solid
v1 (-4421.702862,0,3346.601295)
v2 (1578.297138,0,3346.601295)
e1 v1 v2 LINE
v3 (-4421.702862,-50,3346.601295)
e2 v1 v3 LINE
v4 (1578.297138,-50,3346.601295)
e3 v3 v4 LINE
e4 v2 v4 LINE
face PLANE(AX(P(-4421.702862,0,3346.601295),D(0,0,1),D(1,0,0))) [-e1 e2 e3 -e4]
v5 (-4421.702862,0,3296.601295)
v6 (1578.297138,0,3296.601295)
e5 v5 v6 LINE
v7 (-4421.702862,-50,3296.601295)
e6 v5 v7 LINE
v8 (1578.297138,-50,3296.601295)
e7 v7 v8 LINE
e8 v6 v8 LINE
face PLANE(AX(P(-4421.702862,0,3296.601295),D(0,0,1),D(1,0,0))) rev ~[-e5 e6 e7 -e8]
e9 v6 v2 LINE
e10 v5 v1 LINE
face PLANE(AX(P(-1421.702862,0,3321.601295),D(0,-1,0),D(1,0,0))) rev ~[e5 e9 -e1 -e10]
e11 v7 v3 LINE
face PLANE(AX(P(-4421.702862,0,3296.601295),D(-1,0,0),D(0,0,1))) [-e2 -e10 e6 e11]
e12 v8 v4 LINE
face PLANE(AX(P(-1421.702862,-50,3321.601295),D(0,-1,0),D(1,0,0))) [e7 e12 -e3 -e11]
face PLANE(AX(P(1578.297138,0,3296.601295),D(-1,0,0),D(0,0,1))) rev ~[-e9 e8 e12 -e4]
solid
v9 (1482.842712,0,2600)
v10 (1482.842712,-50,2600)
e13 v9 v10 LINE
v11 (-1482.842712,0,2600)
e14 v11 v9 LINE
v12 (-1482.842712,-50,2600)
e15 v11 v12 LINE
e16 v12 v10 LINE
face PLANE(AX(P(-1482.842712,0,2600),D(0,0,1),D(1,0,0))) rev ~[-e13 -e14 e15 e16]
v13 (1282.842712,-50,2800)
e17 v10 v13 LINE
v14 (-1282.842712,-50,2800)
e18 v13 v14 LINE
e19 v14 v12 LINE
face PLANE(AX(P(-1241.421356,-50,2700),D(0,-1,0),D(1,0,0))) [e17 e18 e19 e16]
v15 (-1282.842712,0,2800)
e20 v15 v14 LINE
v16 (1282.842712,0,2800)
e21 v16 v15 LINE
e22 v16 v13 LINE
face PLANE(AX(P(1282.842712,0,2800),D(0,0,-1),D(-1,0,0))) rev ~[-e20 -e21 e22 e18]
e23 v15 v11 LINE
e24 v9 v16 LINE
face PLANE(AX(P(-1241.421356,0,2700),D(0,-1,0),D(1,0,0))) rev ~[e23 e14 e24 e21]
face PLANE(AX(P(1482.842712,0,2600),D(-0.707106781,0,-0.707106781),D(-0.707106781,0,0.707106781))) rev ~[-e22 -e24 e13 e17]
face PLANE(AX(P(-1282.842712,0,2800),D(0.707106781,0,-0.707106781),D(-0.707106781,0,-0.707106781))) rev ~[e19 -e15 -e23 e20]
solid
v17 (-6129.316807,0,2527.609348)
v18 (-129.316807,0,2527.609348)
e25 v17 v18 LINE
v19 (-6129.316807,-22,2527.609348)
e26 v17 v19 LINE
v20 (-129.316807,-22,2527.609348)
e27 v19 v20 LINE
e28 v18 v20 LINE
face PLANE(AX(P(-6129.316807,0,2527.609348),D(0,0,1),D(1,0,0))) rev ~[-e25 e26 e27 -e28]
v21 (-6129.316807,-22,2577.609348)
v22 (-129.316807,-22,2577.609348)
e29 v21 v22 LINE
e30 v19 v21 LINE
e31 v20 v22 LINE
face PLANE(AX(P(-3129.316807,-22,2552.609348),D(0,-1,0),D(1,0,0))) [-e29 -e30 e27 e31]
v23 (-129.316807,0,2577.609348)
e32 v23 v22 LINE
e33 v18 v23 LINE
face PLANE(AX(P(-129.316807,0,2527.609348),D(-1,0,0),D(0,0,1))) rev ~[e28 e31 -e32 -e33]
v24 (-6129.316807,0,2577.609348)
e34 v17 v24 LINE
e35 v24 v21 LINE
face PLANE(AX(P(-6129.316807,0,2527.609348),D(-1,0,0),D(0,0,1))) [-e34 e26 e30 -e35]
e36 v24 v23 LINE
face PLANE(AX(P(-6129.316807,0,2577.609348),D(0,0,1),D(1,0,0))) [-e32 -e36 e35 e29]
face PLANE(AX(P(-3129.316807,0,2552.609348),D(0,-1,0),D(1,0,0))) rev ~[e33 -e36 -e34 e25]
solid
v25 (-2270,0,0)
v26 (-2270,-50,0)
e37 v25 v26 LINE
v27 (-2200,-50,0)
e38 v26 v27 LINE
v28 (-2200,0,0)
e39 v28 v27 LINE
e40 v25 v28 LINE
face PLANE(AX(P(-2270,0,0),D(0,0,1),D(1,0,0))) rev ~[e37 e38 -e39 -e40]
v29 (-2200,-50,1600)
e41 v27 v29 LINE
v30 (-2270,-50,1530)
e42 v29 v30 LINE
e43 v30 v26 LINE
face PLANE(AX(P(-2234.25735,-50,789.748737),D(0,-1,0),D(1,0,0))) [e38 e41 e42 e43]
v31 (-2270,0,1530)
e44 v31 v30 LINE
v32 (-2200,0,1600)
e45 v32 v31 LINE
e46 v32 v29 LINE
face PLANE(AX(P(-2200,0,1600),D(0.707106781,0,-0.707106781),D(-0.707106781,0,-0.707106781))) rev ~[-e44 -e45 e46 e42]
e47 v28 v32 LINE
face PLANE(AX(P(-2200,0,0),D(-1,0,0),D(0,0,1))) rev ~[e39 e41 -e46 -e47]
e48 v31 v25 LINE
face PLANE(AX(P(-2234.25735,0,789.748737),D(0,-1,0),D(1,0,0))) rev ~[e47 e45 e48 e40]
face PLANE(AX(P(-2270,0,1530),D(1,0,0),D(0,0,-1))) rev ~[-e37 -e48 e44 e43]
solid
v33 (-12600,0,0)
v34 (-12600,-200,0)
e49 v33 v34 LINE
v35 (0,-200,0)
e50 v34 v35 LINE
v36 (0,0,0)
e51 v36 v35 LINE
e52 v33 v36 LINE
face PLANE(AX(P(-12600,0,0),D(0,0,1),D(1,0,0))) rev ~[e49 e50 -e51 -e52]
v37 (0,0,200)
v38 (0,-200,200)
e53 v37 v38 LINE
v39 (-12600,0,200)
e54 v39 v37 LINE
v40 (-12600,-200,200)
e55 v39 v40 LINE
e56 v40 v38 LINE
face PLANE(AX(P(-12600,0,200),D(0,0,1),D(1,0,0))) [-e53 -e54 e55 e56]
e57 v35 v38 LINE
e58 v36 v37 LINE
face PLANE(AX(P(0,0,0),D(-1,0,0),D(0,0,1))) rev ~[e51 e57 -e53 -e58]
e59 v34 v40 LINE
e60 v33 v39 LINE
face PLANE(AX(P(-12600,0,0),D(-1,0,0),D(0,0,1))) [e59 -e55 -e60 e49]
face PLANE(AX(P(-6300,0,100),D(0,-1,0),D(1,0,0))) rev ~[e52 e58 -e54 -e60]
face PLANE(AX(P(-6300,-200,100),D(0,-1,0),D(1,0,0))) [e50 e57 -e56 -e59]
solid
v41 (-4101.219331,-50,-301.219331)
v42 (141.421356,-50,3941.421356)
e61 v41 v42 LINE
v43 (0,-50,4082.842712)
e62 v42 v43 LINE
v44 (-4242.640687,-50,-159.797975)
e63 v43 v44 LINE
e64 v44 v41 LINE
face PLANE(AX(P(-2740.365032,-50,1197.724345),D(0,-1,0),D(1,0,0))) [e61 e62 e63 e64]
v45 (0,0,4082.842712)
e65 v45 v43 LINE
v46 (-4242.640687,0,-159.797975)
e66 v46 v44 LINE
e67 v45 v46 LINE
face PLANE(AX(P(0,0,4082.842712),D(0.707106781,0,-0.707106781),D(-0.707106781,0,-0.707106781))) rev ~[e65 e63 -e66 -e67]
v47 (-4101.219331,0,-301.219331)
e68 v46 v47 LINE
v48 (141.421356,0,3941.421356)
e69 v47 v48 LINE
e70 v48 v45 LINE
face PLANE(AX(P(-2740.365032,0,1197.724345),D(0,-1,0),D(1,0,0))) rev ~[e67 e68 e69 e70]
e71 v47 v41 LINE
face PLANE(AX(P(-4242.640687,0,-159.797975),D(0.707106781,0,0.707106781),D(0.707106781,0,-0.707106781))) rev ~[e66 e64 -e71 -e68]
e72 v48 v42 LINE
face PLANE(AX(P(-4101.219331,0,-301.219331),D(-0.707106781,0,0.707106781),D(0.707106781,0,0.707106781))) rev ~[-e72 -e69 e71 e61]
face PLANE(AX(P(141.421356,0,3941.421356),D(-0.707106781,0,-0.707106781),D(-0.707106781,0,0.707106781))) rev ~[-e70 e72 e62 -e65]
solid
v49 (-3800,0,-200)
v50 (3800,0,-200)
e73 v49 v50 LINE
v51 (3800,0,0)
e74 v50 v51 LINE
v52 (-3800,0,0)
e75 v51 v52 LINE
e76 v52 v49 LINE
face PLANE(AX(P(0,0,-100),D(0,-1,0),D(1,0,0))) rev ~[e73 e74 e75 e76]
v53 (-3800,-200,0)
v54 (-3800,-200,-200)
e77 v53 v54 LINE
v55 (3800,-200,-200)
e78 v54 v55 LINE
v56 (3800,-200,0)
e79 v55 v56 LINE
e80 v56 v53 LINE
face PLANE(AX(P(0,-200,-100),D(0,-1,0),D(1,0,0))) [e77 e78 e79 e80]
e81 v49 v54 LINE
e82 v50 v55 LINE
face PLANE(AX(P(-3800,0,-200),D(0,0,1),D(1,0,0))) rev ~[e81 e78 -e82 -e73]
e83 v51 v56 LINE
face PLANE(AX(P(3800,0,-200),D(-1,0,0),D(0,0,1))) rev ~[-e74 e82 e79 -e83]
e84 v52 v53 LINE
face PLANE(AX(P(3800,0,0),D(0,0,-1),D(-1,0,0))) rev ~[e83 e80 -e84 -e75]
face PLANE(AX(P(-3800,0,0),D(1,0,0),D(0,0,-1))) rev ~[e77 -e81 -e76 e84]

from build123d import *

# Parameters (mm, degrees)
F1_DEPTH  = 200
F2_DEPTH  = 50
F3_DEPTH  = 50
F4_DEPTH  = 50
F5_W      = 12600
F5_H      = 200
F6_DEPTH  = 200
F7_W      = 6000
F7_H      = 50
F8_DEPTH  = 22
F9_W      = 6000
F9_H      = 50
F10_DEPTH = 50


with BuildPart() as f1:
    # F0 (on Front) → F1 (new body)
    with BuildSketch(Plane.XZ):
        Polygon((-2270, 0), (-3800, 0), (-3800, -200), (3800, -200), (3800, 0), (2270, 0), (2200, 0), (-2200, 0), align=None)
    extrude(amount=F1_DEPTH)


with BuildPart() as f2:
    # F0 (on Front) → F2 (new body)
    with BuildSketch(Plane.XZ):
        Polygon((-2270, 1530), (-2270, 0), (-2200, 0), (-2200, 1600), align=None)
    extrude(amount=F2_DEPTH)


with BuildPart() as f3:
    # F0 (on Front) → F3 (new body)
    with BuildSketch(Plane.XZ):
        Polygon((-1482.8427124746, 2600), (-1200, 2600), (-1000, 2800), (-1282.8427124746, 2800), align=None)
        Polygon((-1000, 2800), (-1200, 2600), (1200, 2600), (1000, 2800), align=None)
        Polygon((1000, 2800), (1200, 2600), (1482.8427124746, 2600), (1282.8427124746, 2800), align=None)
    extrude(amount=F3_DEPTH)


with BuildPart() as f4:
    # F0 (on Front) → F4 (new body)
    with BuildSketch(Plane.XZ):
        Polygon((-4101.219330882, -301.219330882), (-3800, 0), (-2270, 1530), (-2200, 1600), (-1200, 2600), (-1482.8427124746, 2600), (-4242.6406871193, -159.7979746447), align=None)
        Polygon((-1482.8427124746, 2600), (-1200, 2600), (-1000, 2800), (-1282.8427124746, 2800), align=None)
        Polygon((-1282.8427124746, 2800), (-1000, 2800), (0, 3800), (-141.4213562373, 3941.4213562373), align=None)
        Polygon((-141.4213562373, 3941.4213562373), (0, 3800), (141.4213562373, 3941.4213562373), (0, 4082.8427124746), align=None)
    extrude(amount=F4_DEPTH)


with BuildPart() as f6:
    # F5 (on Front) → F6 (new body)
    with BuildSketch(Plane.XZ):
        with Locations((-6300, 100)):
            Rectangle(F5_W, F5_H)
    extrude(amount=F6_DEPTH)


with BuildPart() as f8:
    # F7 (on Front) → F8 (new body)
    with BuildSketch(Plane.XZ):
        with Locations((-3129.3168067932, 2552.6093482971)):
            Rectangle(F7_W, F7_H)
    extrude(amount=F8_DEPTH)


with BuildPart() as f10:
    # F9 (on Front) → F10 (new body)
    with BuildSketch(Plane.XZ):
        with Locations((-1421.7028617859, 3321.6012954712)):
            Rectangle(F9_W, F9_H)
    extrude(amount=F10_DEPTH)


solid = Compound([f1.part, f2.part, f3.part, f4.part, f6.part, f8.part, f10.part])
